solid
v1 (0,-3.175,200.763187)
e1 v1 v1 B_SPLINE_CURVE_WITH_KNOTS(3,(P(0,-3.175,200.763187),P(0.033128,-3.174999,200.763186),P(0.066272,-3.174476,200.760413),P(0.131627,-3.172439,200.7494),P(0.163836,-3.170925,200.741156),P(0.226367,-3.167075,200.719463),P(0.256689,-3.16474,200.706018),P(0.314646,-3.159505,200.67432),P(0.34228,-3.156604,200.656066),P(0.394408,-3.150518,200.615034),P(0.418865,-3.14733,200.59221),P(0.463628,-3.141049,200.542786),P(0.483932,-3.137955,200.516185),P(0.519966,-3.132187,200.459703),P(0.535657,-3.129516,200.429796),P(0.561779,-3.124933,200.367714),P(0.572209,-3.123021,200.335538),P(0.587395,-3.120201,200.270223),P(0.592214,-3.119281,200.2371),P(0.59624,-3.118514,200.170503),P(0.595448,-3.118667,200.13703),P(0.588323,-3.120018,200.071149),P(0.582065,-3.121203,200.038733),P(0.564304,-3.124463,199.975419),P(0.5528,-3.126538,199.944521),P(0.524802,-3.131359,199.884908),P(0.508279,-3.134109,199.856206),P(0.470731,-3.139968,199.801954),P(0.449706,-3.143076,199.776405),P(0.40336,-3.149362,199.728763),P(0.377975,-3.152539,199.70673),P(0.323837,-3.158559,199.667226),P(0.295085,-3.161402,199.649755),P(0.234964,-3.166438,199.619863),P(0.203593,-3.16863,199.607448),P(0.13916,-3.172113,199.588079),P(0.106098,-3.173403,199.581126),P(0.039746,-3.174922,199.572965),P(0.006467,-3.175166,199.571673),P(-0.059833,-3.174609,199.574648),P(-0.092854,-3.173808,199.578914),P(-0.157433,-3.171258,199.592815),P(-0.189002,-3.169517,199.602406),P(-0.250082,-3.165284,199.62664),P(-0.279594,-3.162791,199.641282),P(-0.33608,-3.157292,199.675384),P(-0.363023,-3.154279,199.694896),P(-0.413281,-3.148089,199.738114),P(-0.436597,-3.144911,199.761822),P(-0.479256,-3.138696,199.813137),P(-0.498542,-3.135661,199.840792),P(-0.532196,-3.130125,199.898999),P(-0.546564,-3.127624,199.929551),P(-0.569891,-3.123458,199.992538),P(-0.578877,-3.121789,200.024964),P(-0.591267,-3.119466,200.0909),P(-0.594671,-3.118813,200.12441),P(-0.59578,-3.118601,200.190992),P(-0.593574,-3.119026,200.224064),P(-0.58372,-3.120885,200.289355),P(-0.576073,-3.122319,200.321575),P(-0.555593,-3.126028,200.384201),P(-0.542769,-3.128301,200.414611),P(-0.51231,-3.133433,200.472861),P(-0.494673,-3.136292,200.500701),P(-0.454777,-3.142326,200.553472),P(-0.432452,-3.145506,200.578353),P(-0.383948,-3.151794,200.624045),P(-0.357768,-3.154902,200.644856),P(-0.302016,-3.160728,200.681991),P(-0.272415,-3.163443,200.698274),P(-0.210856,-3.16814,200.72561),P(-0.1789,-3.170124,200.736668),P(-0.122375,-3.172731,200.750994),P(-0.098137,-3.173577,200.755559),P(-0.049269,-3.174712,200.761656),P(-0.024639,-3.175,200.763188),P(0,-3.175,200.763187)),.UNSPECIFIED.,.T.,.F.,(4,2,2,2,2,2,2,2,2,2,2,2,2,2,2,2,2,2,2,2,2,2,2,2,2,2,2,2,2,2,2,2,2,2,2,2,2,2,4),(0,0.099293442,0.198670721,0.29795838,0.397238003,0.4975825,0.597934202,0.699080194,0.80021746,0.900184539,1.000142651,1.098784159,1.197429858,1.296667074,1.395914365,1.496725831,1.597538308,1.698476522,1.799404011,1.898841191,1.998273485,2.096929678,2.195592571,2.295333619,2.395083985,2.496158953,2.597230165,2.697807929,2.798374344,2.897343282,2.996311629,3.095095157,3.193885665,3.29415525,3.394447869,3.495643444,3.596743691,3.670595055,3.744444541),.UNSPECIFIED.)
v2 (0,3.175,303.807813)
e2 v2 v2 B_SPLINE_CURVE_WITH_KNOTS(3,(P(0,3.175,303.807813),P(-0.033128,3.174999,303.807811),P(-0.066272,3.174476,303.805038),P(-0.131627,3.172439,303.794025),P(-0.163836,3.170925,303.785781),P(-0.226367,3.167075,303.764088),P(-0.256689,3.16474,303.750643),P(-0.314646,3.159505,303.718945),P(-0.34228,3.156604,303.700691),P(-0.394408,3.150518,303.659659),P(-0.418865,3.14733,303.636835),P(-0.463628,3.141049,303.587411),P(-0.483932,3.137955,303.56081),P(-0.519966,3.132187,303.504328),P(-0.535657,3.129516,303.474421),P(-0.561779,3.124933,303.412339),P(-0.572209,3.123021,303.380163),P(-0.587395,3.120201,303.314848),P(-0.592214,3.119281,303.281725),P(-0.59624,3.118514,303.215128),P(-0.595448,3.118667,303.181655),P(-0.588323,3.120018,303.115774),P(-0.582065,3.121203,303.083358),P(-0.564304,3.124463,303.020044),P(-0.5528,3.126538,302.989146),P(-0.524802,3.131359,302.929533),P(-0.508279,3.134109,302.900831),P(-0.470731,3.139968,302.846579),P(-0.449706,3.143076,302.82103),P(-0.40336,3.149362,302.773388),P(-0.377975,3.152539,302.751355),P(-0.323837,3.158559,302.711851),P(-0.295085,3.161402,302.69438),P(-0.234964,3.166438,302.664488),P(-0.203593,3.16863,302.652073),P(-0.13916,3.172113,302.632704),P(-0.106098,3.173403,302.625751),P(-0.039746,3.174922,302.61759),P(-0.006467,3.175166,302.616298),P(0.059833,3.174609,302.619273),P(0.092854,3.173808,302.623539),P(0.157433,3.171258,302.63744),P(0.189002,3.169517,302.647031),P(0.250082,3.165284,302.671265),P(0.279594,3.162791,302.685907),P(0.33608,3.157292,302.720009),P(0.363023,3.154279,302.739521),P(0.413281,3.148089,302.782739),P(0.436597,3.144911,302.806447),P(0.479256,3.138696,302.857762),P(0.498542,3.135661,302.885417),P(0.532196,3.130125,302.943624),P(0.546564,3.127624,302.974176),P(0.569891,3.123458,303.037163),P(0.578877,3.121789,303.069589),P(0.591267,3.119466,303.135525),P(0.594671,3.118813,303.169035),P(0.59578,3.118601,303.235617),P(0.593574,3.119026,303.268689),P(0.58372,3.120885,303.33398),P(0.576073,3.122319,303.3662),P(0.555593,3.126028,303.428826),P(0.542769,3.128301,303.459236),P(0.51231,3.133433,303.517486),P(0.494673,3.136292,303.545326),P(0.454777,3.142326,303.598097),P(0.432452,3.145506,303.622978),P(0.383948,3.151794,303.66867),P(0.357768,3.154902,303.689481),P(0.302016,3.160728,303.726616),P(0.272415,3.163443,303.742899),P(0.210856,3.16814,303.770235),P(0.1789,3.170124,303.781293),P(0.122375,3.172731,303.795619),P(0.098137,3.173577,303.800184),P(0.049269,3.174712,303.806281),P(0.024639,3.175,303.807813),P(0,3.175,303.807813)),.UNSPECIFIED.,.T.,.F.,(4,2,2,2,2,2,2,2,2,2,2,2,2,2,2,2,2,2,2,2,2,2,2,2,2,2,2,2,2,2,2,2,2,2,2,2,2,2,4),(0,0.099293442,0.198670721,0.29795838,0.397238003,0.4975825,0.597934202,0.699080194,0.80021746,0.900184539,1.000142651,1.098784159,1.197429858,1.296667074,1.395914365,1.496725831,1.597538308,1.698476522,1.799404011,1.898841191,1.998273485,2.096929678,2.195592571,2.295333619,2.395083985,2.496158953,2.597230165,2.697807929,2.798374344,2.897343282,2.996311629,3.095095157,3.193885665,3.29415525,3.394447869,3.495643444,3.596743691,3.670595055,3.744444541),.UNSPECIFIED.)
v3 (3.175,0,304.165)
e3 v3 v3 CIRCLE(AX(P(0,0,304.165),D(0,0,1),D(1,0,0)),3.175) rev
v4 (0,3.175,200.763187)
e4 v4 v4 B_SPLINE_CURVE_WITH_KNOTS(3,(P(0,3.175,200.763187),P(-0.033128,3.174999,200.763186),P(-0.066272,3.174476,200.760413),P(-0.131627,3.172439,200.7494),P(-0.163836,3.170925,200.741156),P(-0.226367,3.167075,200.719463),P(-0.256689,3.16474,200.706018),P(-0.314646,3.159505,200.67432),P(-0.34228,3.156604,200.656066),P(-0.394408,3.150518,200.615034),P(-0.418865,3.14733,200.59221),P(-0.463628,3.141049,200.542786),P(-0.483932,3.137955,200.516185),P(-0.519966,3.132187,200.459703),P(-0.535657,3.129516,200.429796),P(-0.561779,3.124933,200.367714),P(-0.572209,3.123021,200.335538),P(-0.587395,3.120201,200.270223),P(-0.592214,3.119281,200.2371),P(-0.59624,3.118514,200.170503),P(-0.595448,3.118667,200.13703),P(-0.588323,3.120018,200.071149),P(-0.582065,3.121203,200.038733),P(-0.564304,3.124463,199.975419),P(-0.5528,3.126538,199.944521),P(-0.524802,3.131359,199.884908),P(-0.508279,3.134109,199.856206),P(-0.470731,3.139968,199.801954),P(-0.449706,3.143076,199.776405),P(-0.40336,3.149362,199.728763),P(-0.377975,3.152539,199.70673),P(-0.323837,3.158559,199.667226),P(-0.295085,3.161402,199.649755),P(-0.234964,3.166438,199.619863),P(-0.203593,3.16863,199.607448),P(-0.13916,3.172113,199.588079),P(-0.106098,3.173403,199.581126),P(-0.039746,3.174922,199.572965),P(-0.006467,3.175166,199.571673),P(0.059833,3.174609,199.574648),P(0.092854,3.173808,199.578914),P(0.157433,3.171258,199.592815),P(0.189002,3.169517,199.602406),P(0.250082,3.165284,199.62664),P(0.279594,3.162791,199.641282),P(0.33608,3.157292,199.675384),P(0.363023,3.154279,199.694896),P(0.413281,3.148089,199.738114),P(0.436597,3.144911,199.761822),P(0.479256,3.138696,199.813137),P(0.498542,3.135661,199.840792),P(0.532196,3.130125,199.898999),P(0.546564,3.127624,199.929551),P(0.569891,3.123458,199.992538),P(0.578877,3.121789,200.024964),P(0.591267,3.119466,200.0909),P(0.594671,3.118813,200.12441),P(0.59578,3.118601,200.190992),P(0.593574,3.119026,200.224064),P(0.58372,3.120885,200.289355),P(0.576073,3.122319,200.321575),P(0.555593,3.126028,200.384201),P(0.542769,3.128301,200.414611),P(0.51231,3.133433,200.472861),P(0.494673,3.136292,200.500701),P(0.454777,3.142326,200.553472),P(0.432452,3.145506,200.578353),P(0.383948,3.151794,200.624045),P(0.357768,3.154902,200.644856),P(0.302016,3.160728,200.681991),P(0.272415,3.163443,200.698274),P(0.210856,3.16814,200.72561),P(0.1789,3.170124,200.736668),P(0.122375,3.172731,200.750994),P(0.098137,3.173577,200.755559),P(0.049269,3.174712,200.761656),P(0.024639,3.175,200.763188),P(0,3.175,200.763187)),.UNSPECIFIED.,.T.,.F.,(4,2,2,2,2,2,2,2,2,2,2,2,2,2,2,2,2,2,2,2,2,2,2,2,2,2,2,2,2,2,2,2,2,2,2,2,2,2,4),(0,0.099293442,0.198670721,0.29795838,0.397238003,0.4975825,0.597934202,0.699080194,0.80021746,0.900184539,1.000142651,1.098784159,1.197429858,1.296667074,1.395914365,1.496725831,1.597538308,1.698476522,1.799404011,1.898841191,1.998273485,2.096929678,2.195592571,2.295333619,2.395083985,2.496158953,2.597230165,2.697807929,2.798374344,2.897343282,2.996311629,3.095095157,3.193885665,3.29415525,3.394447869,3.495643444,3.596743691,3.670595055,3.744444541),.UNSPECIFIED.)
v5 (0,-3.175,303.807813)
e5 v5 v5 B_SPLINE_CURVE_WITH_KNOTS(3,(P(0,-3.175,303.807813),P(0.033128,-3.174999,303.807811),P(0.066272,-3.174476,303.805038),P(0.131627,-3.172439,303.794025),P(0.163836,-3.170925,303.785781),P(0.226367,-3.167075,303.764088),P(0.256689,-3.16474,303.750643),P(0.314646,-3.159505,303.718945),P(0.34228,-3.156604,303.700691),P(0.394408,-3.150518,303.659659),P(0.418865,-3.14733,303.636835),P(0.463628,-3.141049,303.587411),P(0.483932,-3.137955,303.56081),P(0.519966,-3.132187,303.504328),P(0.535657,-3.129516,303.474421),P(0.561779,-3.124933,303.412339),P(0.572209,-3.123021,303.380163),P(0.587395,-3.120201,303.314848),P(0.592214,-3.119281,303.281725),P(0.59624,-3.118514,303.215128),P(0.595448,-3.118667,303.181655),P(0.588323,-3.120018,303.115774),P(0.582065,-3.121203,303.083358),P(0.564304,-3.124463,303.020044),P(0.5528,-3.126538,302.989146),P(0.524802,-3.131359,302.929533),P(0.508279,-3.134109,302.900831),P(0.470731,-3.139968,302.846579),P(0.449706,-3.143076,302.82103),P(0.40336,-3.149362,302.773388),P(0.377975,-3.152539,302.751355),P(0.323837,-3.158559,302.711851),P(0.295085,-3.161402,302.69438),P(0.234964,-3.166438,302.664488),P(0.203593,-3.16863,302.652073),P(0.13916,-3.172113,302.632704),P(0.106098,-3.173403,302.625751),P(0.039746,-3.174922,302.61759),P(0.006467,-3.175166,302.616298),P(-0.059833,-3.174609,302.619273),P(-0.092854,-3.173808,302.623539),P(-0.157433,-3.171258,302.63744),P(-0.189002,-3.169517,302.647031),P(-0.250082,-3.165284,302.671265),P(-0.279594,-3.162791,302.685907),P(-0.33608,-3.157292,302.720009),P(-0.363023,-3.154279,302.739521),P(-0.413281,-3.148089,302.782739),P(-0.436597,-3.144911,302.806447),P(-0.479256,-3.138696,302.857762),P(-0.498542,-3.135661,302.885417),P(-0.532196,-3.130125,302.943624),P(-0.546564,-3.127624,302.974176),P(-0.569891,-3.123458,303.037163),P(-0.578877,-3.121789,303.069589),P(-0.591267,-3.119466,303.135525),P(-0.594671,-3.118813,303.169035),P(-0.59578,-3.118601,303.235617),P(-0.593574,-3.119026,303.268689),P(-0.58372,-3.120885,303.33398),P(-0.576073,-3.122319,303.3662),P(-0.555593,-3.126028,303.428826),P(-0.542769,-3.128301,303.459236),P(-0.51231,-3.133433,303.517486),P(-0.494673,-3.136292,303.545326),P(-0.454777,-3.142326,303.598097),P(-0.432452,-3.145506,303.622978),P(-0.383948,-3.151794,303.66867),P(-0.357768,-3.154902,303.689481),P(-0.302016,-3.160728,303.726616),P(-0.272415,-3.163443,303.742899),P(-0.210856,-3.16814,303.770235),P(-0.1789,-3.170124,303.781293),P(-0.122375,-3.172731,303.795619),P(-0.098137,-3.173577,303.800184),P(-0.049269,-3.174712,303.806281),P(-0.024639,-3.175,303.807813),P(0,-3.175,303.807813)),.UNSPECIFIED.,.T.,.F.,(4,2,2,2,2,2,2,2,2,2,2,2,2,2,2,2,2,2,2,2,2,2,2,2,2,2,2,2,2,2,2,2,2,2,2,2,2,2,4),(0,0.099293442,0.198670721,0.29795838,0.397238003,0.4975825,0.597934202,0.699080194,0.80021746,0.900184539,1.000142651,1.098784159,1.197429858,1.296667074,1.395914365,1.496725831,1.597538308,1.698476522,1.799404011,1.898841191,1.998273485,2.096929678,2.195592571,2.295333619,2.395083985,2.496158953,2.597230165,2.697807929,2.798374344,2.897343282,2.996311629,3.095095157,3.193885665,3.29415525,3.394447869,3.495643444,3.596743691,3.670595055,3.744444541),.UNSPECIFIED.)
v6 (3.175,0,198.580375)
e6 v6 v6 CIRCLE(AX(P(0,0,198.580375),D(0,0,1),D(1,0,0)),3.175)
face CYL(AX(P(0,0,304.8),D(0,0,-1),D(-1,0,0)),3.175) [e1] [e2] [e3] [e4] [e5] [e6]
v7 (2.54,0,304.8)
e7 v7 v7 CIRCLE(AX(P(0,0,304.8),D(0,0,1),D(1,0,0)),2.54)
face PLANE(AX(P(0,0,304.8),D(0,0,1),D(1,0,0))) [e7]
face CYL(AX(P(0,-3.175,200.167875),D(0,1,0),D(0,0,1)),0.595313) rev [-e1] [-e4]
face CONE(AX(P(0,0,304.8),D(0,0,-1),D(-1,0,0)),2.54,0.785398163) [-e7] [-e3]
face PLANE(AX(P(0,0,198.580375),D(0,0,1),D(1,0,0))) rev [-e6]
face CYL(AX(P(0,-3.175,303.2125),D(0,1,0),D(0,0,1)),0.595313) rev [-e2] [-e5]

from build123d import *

# Parameters (mm, degrees)
SKETCH3_R               = 3.175
BOSS_EXTRUDE1_DEPTH     = 304.8
CHAMFER1_SIZE           = 0.635
CUT_EXTRUDE1_START      = -106.219625
SKETCH4_R               = 3.175
CUT_EXTRUDE1_DEPTH      = 504.380375
SKETCH5_R               = 0.5953125
CUT_EXTRUDE2_DEPTH      = 4.175
CUT_EXTRUDE2_DEPTH_BACK = 4.175


with BuildPart() as part:
    # Sketch3 → Boss-Extrude1 (new body, symmetric)
    with BuildSketch(Plane.XY):
        Circle(SKETCH3_R)
    extrude(amount=BOSS_EXTRUDE1_DEPTH, both=True)

    # Chamfer1
    chamfer1_edges = [part.edges().sort_by_distance(p)[0] for p in [
        (-3.175, 0, -304.8),
        (-3.175, 0, 304.8),
    ]]
    chamfer(chamfer1_edges, length=CHAMFER1_SIZE)

    # Sketch4 → Cut-Extrude1 (cut, through all)
    with BuildSketch(Plane.XY.offset(304.8).offset(CUT_EXTRUDE1_START)):
        Circle(SKETCH4_R)
    extrude(amount=-CUT_EXTRUDE1_DEPTH, mode=Mode.SUBTRACT)

    # Sketch5 → Cut-Extrude2 (cut, two sides)
    with BuildSketch(Plane(origin=(0, 0, 0), x_dir=(1, 0, 0), z_dir=(0, 1, 0))) as cut_extrude2_sk:
        with Locations((0, -200.167875)):
            Circle(SKETCH5_R)
        with Locations((0, -303.2125)):
            Circle(SKETCH5_R)
    extrude(amount=CUT_EXTRUDE2_DEPTH, mode=Mode.SUBTRACT)
    extrude(cut_extrude2_sk.sketch, amount=-CUT_EXTRUDE2_DEPTH_BACK, mode=Mode.SUBTRACT)


solid = part.part
